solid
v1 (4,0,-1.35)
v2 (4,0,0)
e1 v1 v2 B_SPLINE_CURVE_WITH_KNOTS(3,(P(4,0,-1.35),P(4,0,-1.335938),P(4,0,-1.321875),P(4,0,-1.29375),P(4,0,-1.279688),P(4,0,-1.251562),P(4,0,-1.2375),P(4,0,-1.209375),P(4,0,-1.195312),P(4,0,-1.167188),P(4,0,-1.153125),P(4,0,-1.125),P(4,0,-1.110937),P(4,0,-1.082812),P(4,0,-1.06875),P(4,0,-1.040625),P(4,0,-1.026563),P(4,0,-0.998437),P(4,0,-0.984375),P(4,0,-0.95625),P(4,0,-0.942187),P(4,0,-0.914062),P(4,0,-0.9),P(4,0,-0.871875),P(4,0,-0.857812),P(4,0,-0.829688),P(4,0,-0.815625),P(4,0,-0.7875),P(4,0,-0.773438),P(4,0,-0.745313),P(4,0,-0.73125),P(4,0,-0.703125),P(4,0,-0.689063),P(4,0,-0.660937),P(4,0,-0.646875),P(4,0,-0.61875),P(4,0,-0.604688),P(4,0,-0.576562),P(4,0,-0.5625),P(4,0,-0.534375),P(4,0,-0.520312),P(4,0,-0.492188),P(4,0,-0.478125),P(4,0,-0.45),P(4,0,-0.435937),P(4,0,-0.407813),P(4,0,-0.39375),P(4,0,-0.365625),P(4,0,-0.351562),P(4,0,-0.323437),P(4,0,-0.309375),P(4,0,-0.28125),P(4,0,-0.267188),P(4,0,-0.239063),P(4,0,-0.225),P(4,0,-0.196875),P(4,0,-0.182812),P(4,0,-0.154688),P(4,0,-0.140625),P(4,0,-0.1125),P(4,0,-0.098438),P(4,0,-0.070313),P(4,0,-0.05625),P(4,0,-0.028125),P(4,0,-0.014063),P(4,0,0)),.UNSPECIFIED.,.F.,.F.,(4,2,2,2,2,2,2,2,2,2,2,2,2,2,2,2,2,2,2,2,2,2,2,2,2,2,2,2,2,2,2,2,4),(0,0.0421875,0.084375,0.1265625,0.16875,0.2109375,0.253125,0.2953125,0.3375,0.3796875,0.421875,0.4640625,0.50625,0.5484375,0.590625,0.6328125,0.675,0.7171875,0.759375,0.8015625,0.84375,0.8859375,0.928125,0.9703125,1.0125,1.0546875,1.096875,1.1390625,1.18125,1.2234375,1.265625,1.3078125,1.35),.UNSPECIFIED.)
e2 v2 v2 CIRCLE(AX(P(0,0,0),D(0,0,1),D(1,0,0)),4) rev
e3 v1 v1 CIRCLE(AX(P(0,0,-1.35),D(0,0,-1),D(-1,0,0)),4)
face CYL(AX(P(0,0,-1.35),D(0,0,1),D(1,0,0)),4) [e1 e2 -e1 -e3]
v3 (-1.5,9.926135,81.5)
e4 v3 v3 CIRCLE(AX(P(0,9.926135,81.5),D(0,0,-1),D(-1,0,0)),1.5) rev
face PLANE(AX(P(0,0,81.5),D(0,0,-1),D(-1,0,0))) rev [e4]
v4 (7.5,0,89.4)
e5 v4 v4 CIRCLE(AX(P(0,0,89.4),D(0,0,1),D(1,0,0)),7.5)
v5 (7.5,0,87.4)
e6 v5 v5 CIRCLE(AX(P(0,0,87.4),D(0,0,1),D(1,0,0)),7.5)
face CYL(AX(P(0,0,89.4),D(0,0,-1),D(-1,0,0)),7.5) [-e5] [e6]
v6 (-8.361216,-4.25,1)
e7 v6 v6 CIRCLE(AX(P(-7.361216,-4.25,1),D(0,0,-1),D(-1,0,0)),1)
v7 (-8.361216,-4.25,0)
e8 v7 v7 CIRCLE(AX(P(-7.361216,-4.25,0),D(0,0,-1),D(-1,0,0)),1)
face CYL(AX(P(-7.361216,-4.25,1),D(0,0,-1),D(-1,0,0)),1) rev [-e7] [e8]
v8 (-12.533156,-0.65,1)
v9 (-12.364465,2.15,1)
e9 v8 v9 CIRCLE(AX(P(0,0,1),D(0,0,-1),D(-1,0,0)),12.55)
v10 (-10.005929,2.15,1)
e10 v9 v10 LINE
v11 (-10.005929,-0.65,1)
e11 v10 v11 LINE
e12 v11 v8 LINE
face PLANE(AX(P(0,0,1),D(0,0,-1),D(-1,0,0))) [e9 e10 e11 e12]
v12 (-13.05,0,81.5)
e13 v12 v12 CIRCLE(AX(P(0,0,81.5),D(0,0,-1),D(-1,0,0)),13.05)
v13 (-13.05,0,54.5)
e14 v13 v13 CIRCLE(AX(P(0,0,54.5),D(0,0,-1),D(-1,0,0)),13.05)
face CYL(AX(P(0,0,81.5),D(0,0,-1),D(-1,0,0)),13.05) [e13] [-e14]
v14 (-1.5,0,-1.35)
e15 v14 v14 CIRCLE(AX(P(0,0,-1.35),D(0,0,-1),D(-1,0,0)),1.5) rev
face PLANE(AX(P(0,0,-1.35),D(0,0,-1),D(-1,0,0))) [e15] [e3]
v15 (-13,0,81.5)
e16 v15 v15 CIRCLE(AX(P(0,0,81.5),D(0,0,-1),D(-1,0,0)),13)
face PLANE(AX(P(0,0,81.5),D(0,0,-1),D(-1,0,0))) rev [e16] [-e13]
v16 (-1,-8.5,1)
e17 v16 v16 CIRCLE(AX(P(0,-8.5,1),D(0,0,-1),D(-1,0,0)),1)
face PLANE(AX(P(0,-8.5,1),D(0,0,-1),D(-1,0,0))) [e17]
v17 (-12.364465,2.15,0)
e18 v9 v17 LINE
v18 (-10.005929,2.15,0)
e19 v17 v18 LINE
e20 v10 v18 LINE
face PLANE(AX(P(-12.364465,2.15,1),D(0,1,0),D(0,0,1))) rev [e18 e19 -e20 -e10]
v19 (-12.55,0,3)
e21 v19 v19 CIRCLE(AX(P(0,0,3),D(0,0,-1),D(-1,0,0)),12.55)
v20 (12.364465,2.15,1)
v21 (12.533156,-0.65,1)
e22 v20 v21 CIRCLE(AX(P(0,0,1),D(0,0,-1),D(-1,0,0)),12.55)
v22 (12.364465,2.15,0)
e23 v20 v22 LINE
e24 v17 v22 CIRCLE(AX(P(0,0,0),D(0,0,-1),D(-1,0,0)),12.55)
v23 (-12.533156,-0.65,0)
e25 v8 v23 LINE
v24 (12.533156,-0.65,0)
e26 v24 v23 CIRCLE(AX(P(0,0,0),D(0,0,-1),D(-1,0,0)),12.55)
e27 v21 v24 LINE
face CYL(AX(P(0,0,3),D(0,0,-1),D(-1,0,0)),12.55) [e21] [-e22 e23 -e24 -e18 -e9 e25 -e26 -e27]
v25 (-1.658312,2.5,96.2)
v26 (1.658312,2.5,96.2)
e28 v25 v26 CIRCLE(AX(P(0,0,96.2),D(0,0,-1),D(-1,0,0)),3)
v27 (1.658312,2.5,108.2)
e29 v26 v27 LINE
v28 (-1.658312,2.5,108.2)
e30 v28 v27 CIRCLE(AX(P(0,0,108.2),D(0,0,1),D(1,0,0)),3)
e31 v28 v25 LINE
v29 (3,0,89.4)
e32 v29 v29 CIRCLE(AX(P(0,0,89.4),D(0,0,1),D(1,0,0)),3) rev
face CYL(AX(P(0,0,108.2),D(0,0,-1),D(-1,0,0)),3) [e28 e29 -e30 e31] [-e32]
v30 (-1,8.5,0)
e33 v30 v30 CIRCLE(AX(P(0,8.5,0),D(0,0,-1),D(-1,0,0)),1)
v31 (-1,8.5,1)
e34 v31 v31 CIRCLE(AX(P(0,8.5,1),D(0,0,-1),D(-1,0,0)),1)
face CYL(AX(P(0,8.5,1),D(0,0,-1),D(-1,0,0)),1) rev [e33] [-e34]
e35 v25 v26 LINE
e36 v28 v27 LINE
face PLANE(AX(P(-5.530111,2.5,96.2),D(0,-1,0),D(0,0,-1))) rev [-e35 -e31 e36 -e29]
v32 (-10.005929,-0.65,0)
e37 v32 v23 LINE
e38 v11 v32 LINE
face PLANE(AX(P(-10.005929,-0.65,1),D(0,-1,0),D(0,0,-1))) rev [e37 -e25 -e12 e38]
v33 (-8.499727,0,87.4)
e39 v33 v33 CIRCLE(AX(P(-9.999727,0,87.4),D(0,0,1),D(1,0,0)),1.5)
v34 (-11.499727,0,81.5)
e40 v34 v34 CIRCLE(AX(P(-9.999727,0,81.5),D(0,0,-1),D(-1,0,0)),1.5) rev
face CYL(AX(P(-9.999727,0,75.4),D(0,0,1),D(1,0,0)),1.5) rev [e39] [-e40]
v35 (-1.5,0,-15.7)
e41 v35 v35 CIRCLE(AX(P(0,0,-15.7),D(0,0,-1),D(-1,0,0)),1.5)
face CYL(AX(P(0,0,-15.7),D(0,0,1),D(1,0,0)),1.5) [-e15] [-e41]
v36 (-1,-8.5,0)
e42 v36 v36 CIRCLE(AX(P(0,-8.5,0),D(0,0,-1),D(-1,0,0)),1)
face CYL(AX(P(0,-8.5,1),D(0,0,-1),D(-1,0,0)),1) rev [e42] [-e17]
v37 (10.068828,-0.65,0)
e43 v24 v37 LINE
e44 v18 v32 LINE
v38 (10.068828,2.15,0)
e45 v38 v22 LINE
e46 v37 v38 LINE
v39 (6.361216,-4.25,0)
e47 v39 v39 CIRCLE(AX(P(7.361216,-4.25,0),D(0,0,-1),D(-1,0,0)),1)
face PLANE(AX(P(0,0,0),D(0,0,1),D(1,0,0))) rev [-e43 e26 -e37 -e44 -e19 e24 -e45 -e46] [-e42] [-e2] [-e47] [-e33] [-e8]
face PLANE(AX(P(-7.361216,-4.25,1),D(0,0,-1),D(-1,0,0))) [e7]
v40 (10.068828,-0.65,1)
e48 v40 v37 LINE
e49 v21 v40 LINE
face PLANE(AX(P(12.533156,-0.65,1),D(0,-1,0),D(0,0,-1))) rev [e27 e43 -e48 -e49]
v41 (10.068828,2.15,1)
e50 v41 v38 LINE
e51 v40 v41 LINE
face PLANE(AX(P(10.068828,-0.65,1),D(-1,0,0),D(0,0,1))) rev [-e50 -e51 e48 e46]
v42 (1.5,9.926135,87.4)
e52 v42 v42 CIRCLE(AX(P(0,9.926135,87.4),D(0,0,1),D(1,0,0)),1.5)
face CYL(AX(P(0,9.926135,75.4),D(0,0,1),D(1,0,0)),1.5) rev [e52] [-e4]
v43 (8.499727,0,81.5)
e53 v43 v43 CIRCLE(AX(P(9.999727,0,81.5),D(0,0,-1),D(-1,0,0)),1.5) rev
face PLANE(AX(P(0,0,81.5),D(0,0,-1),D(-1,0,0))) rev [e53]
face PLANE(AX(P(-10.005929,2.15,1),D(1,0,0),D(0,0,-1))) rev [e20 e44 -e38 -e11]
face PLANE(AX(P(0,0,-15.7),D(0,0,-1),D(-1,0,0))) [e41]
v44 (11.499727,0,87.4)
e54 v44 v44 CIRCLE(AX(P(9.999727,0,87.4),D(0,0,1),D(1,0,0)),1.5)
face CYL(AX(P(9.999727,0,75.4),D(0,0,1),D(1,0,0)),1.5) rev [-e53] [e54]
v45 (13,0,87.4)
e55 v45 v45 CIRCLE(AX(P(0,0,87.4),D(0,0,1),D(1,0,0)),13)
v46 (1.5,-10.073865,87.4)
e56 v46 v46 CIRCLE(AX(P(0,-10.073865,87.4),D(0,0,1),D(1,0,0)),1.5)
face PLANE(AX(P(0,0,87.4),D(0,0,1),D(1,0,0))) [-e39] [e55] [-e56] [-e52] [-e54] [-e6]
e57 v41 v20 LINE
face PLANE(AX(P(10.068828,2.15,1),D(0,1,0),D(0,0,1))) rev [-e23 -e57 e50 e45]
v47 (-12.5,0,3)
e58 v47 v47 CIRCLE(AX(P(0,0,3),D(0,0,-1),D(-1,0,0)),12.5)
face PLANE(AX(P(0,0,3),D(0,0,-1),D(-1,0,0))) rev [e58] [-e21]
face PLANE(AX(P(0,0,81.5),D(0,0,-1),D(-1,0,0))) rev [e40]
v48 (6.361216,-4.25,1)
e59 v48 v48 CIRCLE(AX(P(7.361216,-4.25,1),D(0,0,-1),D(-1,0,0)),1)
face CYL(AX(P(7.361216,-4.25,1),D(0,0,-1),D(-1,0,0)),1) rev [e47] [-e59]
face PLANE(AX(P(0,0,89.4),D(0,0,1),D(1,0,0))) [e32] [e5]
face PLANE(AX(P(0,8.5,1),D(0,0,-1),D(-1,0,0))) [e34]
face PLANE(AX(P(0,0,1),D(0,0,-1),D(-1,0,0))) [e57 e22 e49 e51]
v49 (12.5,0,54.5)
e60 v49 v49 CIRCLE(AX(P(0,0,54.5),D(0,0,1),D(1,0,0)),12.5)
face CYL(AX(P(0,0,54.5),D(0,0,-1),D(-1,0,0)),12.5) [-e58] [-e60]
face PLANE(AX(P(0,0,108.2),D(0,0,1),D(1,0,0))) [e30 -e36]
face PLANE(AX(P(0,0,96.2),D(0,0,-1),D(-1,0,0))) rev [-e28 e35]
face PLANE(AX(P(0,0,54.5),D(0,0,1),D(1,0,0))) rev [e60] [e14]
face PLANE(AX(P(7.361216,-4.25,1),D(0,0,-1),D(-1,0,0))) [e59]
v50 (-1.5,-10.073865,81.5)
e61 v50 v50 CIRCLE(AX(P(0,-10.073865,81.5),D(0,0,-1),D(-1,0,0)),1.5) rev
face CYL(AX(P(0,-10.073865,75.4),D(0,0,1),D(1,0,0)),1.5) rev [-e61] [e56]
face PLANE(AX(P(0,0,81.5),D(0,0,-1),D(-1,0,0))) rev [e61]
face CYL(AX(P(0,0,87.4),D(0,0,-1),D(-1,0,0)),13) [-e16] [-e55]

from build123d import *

# Parameters (mm, degrees)
ESQUISSE1_R             = 12.5
BOSS_EXTRU_1_DEPTH      = 54.5
ESQUISSE2_R             = 4
BOSS_EXTRU_2_DEPTH      = 1.35
ESQUISSE3_R             = 1.5
BOSS_EXTRU_3_DEPTH      = 15.7
ESQUISSE4_R             = 13
BOSS_EXTRU_4_DEPTH      = 32.9
ESQUISSE5_R             = 7.5
BOSS_EXTRU_5_DEPTH      = 2
ESQUISSE7_R             = 3
BOSS_EXTRU_6_DEPTH      = 20.8
ESQUISSE8_W             = 9.608231015
ESQUISSE8_H             = 12.440367957
ENL_V_MAT_EXTRU_1_DEPTH = 12
ESQUISSE9_R             = 1.5
ENL_V_MAT_EXTRU_2_DEPTH = 12
ESQUISSE10_R            = 13.05
BOSS_EXTRU_7_DEPTH      = 27
ESQUISSE11_R            = 12.55
BOSS_EXTRU_8_DEPTH      = 3
ESQUISSE12_R            = 1
ENL_V_MAT_EXTRU_4_DEPTH = 1


with BuildPart() as part:
    # Esquisse1 → Boss.-Extru.1 (new body)
    with BuildSketch(Plane.XY):
        Circle(ESQUISSE1_R)
    extrude(amount=BOSS_EXTRU_1_DEPTH)

    # Esquisse2 → Boss.-Extru.2 (add)
    with BuildSketch(Plane(origin=(0, 0, 0), x_dir=(-1, 0, 0), z_dir=(0, 0, -1))):
        with Locations(Location((0, 0, 0), (0, 0, 180))):
            Circle(ESQUISSE2_R)
    extrude(amount=BOSS_EXTRU_2_DEPTH)

    # Esquisse3 → Boss.-Extru.3 (add)
    with BuildSketch(Plane(origin=(0, 0, 0), x_dir=(-1, 0, 0), z_dir=(0, 0, -1))):
        Circle(ESQUISSE3_R)
    extrude(amount=BOSS_EXTRU_3_DEPTH)

    # Esquisse4 → Boss.-Extru.4 (add)
    with BuildSketch(Plane.XY.offset(54.5)):
        Circle(ESQUISSE4_R)
    extrude(amount=BOSS_EXTRU_4_DEPTH)

    # Esquisse5 → Boss.-Extru.5 (add)
    with BuildSketch(Plane.XY.offset(87.4)):
        Circle(ESQUISSE5_R)
    extrude(amount=BOSS_EXTRU_5_DEPTH)

    # Esquisse7 → Boss.-Extru.6 (add)
    with BuildSketch(Plane.XY.offset(87.4)):
        Circle(ESQUISSE7_R)
    extrude(amount=BOSS_EXTRU_6_DEPTH)

    # Esquisse8 → Enlèv. mat.-Extru.1 (cut)
    with BuildSketch(Plane.XY.offset(108.2)):
        with Locations((-0.725995737, 8.720183978)):
            Rectangle(ESQUISSE8_W, ESQUISSE8_H)
    extrude(amount=-ENL_V_MAT_EXTRU_1_DEPTH, mode=Mode.SUBTRACT)

    # Esquisse9 → Enlèv. mat.-Extru.2 (cut)
    with BuildSketch(Plane.XY.offset(87.4)):
        with Locations((-9.999727195, 0)):
            Circle(ESQUISSE9_R)
        with Locations((9.999727195, 0)):
            Circle(ESQUISSE9_R)
        with Locations((0, -10.073864879)):
            Circle(ESQUISSE9_R)
        with Locations((0, 9.926135121)):
            Circle(ESQUISSE9_R)
    extrude(amount=-ENL_V_MAT_EXTRU_2_DEPTH, mode=Mode.SUBTRACT)

    # Esquisse10 → Boss.-Extru.7 (add)
    with BuildSketch(Plane(origin=(0, 0, 54.5), x_dir=(-1, 0, 0), z_dir=(0, 0, -1))):
        Circle(ESQUISSE10_R)
    extrude(amount=-BOSS_EXTRU_7_DEPTH)

    # Esquisse11 → Boss.-Extru.8 (add)
    with BuildSketch(Plane(origin=(0, 0, 0), x_dir=(-1, 0, 0), z_dir=(0, 0, -1))):
        Circle(ESQUISSE11_R)
    extrude(amount=-BOSS_EXTRU_8_DEPTH)

    # Esquisse12 → Enlèv. mat.-Extru.4 (cut)
    with BuildSketch(Plane(origin=(0, 0, 0), x_dir=(-1, 0, 0), z_dir=(0, 0, -1))):
        with Locations((0, 8.5)):
            Circle(ESQUISSE12_R)
        with Locations((7.361215932, -4.25)):
            Circle(ESQUISSE12_R)
        with Locations((0, -8.5)):
            Circle(ESQUISSE12_R)
        with Locations((-7.361215932, -4.25)):
            Circle(ESQUISSE12_R)
        with BuildLine():
            Line((12.364465213, 2.15), (10.005928826, 2.15))
            Line((10.005928826, 2.15), (10.005928826, -0.65))
            Line((10.005928826, -0.65), (12.533156027, -0.65))
            ThreePointArc((12.533156027, -0.65), (12.527285654, 0.754727863), (12.364465213, 2.15))
        make_face()
        with BuildLine():
            Line((-12.533156027, -0.65), (-10.068828371, -0.65))
            Line((-10.068828371, -0.65), (-10.068828371, 2.15))
            Line((-10.068828371, 2.15), (-12.364465213, 2.15))
            ThreePointArc((-12.364465213, 2.15), (-12.527285654, 0.754727863), (-12.533156027, -0.65))
        make_face()
    extrude(amount=-ENL_V_MAT_EXTRU_4_DEPTH, mode=Mode.SUBTRACT)


solid = part.part
